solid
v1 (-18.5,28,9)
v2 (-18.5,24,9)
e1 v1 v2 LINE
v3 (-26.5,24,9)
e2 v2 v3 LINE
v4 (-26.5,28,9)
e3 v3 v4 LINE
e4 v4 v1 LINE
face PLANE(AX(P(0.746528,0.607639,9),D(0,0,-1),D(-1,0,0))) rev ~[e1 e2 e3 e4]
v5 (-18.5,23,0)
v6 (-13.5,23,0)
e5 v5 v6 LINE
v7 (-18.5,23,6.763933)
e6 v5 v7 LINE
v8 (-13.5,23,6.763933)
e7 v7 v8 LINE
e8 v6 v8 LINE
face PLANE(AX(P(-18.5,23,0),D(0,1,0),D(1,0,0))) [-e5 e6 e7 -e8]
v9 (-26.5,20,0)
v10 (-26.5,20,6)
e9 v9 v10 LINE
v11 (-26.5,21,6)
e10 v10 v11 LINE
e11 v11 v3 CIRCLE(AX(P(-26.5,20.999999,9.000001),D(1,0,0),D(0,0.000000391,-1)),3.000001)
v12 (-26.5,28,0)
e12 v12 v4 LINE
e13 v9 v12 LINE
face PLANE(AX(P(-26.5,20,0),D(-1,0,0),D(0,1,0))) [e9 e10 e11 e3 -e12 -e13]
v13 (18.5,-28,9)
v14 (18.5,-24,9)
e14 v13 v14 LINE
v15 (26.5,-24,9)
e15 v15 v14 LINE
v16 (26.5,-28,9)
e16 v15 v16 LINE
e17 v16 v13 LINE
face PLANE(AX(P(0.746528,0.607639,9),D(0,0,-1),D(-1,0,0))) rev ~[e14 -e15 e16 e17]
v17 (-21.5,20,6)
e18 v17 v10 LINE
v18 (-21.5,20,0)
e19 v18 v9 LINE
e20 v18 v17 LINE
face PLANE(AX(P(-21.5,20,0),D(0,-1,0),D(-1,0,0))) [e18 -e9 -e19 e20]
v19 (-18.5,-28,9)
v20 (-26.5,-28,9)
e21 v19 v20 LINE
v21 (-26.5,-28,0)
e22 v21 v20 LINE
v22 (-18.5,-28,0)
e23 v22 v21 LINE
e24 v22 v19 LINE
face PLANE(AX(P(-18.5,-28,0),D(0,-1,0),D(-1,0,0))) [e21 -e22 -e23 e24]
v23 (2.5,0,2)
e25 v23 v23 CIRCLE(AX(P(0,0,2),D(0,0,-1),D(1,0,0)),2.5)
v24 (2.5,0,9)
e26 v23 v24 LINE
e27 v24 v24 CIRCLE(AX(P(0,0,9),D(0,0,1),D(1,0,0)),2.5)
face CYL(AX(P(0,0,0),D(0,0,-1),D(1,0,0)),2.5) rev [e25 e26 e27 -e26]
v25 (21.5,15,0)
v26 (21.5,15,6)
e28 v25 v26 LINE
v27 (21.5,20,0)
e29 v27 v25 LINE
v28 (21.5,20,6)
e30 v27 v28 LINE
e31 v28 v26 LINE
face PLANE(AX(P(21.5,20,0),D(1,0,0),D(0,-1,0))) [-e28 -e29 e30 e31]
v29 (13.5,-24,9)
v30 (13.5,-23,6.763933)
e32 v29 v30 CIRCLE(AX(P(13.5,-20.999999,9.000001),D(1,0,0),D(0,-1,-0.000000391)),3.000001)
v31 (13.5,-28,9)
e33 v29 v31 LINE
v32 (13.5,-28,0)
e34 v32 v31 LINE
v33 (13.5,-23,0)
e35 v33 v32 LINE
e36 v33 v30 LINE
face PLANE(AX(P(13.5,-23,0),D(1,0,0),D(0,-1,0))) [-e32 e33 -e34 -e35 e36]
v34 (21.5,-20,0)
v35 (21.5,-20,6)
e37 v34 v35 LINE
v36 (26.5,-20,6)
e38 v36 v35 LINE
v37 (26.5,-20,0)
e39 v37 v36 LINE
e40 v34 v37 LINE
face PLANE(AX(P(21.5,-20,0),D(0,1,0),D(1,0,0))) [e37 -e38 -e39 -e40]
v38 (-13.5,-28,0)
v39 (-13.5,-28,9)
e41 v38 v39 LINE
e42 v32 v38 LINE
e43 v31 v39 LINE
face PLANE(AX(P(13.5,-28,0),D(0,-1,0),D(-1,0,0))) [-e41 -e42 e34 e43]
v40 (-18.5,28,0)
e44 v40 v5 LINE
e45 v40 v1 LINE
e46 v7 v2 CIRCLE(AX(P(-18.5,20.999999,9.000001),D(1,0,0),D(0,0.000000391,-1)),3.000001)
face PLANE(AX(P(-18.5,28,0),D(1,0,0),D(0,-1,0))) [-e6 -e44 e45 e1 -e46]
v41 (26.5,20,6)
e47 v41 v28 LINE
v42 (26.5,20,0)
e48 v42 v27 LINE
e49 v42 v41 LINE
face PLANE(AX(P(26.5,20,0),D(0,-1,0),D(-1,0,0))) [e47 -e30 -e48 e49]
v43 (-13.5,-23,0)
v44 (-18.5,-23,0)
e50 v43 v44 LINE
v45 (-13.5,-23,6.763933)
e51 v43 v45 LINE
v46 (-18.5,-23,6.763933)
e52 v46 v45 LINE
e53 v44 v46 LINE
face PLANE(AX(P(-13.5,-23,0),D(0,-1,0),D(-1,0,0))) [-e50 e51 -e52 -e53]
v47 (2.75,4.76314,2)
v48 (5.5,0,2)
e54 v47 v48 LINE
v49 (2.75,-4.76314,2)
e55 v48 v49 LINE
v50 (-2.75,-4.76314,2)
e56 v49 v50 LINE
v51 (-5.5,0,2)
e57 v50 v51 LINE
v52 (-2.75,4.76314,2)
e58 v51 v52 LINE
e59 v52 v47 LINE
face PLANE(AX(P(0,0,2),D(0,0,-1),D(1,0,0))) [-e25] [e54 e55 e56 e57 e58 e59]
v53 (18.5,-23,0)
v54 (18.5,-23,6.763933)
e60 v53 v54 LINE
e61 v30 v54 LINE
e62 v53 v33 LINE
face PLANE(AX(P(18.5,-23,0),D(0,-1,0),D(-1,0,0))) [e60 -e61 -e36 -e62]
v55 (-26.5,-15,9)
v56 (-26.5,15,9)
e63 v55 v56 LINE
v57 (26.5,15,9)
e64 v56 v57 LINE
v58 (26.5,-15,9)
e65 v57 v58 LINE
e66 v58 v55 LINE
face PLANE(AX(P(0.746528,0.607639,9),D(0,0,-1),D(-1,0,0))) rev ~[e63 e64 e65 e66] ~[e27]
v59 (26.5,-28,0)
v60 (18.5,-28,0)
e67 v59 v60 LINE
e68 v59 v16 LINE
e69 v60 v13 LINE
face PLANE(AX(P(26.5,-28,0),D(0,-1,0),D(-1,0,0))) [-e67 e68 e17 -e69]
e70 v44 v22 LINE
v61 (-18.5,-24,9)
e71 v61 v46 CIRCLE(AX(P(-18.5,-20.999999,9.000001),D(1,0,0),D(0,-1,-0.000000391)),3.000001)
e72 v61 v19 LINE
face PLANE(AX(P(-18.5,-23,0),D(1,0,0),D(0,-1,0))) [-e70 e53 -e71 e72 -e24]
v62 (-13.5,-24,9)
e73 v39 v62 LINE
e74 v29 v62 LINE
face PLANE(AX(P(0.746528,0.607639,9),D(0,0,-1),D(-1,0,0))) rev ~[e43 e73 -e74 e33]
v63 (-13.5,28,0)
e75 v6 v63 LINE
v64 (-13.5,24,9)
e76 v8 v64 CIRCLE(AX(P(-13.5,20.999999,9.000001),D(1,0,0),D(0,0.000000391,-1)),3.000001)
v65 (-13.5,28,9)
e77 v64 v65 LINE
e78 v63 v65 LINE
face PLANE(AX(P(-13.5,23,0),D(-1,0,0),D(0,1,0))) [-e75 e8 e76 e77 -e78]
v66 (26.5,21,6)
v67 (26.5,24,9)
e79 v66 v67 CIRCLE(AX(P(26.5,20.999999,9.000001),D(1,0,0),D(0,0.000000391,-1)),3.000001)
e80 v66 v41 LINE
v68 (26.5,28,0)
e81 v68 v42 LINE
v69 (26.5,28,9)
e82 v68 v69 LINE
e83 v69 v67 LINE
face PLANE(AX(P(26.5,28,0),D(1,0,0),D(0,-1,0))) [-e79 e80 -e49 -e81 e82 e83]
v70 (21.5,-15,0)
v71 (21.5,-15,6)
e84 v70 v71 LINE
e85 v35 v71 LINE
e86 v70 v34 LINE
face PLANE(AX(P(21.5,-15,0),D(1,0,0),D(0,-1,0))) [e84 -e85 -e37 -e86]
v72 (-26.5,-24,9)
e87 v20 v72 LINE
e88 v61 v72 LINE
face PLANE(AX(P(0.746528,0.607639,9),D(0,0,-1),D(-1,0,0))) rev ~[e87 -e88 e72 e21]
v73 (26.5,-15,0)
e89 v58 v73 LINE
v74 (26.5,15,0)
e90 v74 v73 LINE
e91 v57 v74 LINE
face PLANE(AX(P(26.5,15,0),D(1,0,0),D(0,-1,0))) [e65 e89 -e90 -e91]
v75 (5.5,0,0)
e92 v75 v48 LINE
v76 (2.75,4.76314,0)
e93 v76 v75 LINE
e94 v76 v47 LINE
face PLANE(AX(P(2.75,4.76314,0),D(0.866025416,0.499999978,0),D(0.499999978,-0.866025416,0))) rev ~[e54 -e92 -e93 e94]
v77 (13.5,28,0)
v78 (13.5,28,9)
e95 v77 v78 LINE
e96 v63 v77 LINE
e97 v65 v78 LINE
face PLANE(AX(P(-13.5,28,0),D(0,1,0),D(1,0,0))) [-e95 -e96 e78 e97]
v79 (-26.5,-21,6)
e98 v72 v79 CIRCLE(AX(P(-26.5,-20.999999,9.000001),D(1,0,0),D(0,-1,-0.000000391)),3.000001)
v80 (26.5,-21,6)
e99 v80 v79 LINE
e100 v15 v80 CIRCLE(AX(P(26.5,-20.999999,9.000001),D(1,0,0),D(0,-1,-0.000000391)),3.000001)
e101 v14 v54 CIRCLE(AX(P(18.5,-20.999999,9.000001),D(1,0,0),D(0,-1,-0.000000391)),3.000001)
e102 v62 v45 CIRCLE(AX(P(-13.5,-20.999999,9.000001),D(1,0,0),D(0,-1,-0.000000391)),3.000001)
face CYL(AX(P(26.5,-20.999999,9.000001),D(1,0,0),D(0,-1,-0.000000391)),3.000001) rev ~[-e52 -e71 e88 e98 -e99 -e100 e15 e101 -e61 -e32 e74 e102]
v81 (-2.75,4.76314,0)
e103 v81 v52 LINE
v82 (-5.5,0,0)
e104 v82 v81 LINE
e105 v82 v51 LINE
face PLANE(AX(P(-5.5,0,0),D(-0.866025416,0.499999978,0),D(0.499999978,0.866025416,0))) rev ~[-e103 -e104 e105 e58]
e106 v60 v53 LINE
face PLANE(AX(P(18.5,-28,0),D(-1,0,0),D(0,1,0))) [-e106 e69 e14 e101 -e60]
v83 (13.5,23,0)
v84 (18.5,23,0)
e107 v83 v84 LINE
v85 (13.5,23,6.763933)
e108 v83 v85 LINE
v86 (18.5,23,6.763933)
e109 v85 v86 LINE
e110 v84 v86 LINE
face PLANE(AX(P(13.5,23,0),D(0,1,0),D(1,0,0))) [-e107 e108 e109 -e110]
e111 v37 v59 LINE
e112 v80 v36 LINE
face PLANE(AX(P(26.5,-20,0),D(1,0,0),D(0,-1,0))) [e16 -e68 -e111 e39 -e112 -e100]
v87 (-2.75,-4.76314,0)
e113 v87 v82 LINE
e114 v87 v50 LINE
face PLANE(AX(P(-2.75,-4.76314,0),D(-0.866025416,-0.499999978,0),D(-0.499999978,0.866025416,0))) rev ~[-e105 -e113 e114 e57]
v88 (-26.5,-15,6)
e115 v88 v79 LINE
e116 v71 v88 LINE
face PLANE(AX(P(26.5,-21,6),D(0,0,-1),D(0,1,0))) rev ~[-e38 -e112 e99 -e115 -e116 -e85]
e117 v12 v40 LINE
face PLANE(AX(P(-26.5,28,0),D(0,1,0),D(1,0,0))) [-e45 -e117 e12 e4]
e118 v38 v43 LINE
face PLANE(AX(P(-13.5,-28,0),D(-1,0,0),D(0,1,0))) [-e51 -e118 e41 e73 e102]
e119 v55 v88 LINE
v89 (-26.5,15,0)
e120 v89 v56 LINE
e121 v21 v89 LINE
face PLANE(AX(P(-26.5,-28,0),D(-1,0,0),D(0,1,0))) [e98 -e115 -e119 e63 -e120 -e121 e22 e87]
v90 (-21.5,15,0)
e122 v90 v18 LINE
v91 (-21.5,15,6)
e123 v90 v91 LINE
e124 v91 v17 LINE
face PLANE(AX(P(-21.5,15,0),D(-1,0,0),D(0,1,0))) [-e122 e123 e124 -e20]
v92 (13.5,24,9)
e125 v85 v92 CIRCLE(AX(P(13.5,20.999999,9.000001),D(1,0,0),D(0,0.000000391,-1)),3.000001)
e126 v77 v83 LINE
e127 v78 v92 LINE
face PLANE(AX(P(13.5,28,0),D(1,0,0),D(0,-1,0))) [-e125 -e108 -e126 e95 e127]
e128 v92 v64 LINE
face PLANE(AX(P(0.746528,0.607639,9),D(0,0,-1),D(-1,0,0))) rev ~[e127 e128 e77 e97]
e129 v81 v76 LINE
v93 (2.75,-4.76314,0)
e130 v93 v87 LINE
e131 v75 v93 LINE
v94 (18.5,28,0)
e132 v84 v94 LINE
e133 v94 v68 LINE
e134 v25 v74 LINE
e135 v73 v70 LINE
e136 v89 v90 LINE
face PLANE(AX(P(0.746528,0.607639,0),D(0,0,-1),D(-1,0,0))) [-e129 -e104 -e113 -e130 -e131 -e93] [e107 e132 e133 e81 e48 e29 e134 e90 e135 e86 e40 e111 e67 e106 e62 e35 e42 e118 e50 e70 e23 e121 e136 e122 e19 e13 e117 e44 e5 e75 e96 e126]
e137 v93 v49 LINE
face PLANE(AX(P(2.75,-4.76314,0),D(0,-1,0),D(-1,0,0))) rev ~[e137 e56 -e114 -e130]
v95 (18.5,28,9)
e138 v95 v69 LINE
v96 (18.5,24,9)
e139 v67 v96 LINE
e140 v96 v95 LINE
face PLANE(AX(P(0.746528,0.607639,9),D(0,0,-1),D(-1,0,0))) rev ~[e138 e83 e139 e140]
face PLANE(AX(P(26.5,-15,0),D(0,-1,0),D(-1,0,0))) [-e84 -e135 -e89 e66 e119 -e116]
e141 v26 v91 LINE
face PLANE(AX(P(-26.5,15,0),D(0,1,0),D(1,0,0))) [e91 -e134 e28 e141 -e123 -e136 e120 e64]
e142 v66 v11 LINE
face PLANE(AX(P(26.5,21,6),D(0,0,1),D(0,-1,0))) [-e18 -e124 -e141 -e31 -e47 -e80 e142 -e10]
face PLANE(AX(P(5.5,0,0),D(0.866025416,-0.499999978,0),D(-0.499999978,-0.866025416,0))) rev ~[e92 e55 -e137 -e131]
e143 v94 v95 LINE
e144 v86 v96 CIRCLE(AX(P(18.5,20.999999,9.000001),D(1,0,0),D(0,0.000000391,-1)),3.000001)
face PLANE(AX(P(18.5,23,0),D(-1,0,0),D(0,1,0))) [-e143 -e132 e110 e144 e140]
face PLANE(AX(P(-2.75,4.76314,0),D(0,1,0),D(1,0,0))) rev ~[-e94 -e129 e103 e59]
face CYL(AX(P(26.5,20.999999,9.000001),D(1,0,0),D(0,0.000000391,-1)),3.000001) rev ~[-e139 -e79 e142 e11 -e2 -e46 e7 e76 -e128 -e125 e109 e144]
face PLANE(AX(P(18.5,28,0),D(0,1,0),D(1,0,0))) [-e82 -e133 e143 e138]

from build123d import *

# Parameters (mm, degrees)
SKETCH_R        = 2.5
PAD_DEPTH       = 9
POCKET_DEPTH    = 53.001
POCKET001_DEPTH = 2


with BuildPart() as part:
    # Sketch → Pad (new body)
    with BuildSketch(Plane.XY):
        Polygon((-26.5, 28), (-18.5, 28), (-18.5, 23), (-13.5, 23), (-13.5, 28), (13.5, 28), (13.5, 23), (18.5, 23), (18.5, 28), (26.5, 28), (26.5, 20), (21.5, 20), (21.5, 15), (26.5, 15), (26.5, -15), (21.5, -15), (21.5, -20), (26.5, -20), (26.5, -28), (18.5, -28), (18.5, -23), (13.5, -23), (13.5, -28), (-13.5, -28), (-13.5, -23), (-18.5, -23), (-18.5, -28), (-26.5, -28), (-26.5, 15), (-21.5, 15), (-21.5, 20), (-26.5, 20), align=None)
        Circle(SKETCH_R, mode=Mode.SUBTRACT)
    extrude(amount=PAD_DEPTH)

    # Sketch001 (on Face15 of Pad) → Pocket (cut, through all)
    with BuildSketch(Plane.YZ.offset(26.5)):
        with BuildLine():
            ThreePointArc((-24, 9), (-23.12132, 6.87868), (-21, 6))
            Line((-21, 6), (-15, 6))
            Line((-15, 6), (-15, 9))
            Line((-15, 9), (-24, 9))
        make_face()
        with BuildLine():
            ThreePointArc((21, 6), (23.12132, 6.87868), (24, 9))
            Line((15, 9), (24, 9))
            Line((15, 6), (15, 9))
            Line((21, 6), (15, 6))
        make_face()
    extrude(amount=-POCKET_DEPTH, mode=Mode.SUBTRACT)

    # Sketch002 (on Face2 of Pocket) → Pocket001 (cut)
    with BuildSketch(Plane(origin=(0, 0, 0), x_dir=(1, 0, 0), z_dir=(0, 0, -1))):
        Polygon((2.75, -4.76314), (5.5, 0), (2.75, 4.76314), (-2.75, 4.76314), (-5.5, 0), (-2.75, -4.76314), align=None)
    extrude(amount=-POCKET001_DEPTH, mode=Mode.SUBTRACT)


solid = part.part
